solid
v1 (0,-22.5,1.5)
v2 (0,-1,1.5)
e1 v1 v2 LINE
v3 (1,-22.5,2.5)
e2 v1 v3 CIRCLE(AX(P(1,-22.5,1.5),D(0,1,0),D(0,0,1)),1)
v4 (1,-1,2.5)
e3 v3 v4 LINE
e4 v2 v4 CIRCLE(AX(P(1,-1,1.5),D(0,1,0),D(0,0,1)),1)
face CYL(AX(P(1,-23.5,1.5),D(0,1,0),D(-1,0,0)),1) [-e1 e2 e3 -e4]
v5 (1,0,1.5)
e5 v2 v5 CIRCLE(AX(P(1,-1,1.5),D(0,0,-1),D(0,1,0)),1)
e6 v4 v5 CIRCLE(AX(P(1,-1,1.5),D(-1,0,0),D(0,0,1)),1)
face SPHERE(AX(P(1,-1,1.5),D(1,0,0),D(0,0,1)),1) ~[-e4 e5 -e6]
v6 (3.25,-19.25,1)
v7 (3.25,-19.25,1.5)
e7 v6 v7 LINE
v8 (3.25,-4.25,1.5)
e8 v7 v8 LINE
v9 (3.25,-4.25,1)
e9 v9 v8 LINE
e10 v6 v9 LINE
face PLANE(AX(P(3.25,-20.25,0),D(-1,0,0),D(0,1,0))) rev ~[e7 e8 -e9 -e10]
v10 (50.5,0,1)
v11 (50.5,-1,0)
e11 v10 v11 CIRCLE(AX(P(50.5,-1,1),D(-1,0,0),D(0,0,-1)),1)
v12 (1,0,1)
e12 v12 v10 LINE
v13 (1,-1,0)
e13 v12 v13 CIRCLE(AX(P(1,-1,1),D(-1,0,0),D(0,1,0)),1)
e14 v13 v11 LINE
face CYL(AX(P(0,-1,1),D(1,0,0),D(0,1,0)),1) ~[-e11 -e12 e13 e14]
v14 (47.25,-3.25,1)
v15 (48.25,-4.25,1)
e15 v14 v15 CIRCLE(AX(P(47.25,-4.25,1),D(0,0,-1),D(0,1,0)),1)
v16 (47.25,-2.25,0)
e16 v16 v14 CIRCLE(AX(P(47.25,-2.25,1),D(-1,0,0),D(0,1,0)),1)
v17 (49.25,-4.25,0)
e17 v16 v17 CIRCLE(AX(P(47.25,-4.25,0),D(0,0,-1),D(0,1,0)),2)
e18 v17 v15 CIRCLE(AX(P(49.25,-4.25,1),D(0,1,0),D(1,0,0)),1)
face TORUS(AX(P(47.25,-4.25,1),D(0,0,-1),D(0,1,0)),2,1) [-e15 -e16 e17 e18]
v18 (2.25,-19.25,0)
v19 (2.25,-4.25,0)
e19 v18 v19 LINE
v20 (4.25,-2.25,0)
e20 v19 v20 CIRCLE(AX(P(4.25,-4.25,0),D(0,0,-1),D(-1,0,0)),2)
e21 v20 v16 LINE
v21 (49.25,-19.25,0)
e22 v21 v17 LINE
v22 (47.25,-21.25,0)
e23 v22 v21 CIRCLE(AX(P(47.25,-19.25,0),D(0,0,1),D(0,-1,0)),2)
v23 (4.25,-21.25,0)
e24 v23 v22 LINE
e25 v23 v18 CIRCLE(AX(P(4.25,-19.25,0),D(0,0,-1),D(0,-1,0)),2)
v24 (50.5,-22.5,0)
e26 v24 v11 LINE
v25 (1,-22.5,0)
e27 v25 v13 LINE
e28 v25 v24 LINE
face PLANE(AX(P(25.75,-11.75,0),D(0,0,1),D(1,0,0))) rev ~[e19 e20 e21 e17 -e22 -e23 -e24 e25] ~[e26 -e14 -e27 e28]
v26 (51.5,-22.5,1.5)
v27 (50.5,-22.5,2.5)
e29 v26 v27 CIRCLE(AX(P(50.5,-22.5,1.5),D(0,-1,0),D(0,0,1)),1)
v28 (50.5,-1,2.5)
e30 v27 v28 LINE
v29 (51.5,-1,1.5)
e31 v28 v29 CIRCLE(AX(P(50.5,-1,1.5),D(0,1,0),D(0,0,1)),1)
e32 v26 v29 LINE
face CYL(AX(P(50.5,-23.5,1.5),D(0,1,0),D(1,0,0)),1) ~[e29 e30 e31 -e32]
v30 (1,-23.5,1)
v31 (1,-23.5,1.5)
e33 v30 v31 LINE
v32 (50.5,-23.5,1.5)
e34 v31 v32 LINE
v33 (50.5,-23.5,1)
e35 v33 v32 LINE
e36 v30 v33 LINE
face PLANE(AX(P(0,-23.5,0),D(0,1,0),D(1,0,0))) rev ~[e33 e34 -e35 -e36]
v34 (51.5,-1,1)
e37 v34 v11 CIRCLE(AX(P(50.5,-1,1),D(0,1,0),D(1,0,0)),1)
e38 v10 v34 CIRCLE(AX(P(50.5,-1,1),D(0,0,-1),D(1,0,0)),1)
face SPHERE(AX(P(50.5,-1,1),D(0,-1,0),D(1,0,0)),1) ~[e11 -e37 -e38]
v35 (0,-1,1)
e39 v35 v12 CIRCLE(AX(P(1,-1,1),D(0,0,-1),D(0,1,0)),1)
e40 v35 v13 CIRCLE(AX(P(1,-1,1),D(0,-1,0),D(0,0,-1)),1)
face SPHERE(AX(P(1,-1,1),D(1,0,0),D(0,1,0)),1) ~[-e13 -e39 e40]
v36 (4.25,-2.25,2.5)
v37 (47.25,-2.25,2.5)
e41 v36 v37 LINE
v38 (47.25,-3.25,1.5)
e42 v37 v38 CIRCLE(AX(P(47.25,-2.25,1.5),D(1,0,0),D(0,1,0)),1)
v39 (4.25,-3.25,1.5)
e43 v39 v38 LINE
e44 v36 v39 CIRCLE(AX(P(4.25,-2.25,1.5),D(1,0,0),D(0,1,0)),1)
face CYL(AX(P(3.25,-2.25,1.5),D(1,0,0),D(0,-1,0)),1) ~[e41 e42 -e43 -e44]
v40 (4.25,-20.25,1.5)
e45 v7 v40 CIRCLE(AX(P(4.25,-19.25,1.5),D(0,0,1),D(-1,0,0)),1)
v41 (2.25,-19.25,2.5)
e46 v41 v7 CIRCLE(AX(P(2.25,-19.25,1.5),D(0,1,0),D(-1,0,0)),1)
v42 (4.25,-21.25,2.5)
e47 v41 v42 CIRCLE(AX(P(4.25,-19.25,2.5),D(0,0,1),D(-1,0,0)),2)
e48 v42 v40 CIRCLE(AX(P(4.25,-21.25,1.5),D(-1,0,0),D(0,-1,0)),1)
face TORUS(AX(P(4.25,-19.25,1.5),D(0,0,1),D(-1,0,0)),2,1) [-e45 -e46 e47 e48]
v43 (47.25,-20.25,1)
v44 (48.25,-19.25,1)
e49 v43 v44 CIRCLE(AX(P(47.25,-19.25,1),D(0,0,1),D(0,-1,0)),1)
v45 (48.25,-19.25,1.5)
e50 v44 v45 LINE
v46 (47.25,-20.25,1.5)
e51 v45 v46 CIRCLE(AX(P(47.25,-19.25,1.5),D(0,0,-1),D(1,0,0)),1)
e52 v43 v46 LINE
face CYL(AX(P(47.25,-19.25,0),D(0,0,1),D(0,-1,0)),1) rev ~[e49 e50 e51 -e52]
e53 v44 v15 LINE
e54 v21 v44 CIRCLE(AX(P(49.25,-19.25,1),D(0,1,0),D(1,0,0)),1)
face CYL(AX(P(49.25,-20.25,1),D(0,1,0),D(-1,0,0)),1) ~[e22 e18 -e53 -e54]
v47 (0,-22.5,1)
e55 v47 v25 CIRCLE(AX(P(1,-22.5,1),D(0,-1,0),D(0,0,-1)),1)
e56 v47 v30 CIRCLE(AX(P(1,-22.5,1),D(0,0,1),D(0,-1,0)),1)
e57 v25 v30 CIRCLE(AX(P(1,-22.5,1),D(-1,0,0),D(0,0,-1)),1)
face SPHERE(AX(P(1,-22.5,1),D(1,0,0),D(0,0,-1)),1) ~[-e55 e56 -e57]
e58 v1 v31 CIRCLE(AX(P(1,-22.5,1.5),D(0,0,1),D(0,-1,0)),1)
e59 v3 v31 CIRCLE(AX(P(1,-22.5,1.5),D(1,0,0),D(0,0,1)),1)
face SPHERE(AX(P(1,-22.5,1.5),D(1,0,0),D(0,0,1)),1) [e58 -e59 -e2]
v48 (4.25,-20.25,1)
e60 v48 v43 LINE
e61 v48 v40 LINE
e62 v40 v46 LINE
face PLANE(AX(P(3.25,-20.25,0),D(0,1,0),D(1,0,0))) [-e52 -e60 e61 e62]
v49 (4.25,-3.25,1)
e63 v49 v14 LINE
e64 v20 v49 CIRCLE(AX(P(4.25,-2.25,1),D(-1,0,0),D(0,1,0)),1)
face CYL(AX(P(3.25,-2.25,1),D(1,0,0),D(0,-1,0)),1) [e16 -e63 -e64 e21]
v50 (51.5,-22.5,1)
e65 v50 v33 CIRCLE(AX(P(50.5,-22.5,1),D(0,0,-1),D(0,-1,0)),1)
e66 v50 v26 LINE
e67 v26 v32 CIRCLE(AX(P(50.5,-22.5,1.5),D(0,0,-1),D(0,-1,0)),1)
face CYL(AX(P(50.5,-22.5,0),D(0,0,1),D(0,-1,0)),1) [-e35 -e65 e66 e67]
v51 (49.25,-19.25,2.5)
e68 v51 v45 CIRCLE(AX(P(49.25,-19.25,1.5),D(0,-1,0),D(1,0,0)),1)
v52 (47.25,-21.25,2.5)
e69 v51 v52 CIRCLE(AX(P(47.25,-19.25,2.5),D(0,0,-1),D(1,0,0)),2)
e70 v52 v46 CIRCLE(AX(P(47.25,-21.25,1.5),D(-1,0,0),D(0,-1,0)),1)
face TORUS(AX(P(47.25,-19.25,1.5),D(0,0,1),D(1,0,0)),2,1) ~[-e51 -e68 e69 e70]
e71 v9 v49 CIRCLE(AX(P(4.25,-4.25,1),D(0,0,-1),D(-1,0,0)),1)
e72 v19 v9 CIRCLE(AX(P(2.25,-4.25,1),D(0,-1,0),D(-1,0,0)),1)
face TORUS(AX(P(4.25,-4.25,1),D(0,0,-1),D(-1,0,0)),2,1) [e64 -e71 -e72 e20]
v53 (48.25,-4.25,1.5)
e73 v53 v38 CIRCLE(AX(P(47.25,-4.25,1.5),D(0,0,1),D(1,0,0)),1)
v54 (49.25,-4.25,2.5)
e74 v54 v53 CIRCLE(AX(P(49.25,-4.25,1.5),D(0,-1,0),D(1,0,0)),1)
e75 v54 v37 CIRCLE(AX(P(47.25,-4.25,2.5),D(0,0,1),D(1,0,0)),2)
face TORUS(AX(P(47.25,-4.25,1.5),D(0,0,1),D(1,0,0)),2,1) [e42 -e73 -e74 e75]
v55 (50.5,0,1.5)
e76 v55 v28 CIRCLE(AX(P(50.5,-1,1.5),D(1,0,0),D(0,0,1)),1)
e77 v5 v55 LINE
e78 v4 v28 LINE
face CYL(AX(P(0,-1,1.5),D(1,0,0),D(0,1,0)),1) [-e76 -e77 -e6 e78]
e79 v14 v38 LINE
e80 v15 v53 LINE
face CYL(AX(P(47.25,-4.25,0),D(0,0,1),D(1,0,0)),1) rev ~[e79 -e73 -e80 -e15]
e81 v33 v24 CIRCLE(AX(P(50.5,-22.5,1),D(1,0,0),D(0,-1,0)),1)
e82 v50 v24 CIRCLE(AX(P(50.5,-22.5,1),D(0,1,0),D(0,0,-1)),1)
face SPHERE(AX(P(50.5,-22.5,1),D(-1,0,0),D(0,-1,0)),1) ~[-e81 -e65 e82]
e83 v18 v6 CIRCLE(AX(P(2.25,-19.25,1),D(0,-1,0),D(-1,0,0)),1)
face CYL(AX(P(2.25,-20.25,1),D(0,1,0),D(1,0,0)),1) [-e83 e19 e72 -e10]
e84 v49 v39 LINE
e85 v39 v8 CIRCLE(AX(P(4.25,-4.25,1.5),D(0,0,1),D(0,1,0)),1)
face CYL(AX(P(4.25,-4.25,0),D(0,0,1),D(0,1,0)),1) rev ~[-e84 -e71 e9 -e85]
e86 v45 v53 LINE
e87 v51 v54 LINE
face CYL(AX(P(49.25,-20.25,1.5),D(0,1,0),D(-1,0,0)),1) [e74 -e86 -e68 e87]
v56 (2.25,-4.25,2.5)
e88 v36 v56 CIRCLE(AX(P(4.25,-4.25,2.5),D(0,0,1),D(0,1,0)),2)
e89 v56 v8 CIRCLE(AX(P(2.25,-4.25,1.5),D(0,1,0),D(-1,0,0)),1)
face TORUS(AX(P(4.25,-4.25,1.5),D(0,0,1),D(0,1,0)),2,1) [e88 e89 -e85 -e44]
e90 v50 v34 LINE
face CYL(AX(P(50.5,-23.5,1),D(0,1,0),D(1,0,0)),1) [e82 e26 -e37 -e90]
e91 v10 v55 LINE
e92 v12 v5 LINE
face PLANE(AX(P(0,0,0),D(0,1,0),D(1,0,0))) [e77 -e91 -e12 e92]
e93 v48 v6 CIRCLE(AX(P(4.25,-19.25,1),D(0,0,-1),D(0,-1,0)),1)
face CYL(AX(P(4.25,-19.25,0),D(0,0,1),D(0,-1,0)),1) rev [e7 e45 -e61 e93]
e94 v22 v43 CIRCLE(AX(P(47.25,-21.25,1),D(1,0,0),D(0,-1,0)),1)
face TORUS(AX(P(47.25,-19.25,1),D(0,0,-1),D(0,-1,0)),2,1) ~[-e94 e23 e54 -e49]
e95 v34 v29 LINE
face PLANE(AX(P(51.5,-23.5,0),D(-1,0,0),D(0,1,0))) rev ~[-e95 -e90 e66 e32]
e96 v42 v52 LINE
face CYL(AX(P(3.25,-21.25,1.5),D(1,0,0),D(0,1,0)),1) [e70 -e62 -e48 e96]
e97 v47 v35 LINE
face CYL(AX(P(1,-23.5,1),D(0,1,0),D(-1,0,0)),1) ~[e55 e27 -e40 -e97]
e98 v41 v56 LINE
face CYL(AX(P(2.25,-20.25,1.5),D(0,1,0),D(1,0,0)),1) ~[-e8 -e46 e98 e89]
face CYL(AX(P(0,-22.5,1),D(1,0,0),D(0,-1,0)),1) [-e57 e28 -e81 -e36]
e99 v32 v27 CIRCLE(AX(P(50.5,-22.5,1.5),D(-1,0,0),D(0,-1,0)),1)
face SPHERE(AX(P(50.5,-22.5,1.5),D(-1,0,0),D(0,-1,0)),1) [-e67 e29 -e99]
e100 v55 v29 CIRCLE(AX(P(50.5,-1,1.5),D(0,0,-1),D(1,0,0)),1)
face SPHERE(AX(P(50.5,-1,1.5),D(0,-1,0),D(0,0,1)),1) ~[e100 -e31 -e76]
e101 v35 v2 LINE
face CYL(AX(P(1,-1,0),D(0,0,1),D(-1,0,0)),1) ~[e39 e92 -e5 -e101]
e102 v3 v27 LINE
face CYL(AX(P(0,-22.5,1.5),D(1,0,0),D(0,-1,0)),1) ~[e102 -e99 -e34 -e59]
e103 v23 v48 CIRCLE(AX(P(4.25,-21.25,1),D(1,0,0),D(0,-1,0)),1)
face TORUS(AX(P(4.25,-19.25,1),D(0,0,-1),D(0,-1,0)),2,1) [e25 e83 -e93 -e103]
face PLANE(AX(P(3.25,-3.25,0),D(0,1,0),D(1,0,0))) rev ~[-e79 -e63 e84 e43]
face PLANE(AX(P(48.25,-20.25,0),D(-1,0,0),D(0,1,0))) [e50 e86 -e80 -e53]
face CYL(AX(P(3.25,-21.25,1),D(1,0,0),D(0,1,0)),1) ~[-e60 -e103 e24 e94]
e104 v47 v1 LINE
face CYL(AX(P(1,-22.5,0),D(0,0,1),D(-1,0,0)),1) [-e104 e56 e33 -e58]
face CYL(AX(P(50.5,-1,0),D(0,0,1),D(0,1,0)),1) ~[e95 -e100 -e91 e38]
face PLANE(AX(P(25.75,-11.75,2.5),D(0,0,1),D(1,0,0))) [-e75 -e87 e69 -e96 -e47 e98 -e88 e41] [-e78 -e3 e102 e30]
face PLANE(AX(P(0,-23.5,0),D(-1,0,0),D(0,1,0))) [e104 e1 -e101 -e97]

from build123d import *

# Parameters (mm, degrees)
F0_W     = 51.5
F0_H     = 23.5
F0_W_2   = 45
F0_H_2   = 17
F1_DEPTH = 2.5
F2_R     = 1


with BuildPart() as f1:
    # F0 (on Top) → F1 (new body)
    with BuildSketch(Plane.XY):
        with Locations((25.75, -11.75)):
            Rectangle(F0_W, F0_H)
        with Locations((25.75, -11.75)):
            Rectangle(F0_W_2, F0_H_2, mode=Mode.SUBTRACT)
    extrude(amount=F1_DEPTH)

    # F2
    f2_edges = [f1.edges().sort_by_distance(p)[0] for p in [
        (25.75, -23.5, 2.5),
        (25.75, -23.5, 0),
        (51.5, -23.5, 1.25),
        (51.5, -11.75, 2.5),
        (51.5, -11.75, 0),
        (48.25, -11.75, 2.5),
        (25.75, -3.25, 2.5),
        (3.25, -11.75, 2.5),
        (25.75, -20.25, 2.5),
        (25.75, 0, 2.5),
        (0, -11.75, 2.5),
        (51.5, 0, 1.25),
        (25.75, 0, 0),
        (0, 0, 1.25),
        (3.25, -20.25, 1.25),
        (25.75, -20.25, 0),
        (3.25, -3.25, 1.25),
        (3.25, -11.75, 0),
        (25.75, -3.25, 0),
        (48.25, -11.75, 0),
        (48.25, -3.25, 1.25),
        (48.25, -20.25, 1.25),
        (0, -11.75, 0),
        (0, -23.5, 1.25),
    ]]
    fillet(f2_edges, radius=F2_R)


solid = f1.part
